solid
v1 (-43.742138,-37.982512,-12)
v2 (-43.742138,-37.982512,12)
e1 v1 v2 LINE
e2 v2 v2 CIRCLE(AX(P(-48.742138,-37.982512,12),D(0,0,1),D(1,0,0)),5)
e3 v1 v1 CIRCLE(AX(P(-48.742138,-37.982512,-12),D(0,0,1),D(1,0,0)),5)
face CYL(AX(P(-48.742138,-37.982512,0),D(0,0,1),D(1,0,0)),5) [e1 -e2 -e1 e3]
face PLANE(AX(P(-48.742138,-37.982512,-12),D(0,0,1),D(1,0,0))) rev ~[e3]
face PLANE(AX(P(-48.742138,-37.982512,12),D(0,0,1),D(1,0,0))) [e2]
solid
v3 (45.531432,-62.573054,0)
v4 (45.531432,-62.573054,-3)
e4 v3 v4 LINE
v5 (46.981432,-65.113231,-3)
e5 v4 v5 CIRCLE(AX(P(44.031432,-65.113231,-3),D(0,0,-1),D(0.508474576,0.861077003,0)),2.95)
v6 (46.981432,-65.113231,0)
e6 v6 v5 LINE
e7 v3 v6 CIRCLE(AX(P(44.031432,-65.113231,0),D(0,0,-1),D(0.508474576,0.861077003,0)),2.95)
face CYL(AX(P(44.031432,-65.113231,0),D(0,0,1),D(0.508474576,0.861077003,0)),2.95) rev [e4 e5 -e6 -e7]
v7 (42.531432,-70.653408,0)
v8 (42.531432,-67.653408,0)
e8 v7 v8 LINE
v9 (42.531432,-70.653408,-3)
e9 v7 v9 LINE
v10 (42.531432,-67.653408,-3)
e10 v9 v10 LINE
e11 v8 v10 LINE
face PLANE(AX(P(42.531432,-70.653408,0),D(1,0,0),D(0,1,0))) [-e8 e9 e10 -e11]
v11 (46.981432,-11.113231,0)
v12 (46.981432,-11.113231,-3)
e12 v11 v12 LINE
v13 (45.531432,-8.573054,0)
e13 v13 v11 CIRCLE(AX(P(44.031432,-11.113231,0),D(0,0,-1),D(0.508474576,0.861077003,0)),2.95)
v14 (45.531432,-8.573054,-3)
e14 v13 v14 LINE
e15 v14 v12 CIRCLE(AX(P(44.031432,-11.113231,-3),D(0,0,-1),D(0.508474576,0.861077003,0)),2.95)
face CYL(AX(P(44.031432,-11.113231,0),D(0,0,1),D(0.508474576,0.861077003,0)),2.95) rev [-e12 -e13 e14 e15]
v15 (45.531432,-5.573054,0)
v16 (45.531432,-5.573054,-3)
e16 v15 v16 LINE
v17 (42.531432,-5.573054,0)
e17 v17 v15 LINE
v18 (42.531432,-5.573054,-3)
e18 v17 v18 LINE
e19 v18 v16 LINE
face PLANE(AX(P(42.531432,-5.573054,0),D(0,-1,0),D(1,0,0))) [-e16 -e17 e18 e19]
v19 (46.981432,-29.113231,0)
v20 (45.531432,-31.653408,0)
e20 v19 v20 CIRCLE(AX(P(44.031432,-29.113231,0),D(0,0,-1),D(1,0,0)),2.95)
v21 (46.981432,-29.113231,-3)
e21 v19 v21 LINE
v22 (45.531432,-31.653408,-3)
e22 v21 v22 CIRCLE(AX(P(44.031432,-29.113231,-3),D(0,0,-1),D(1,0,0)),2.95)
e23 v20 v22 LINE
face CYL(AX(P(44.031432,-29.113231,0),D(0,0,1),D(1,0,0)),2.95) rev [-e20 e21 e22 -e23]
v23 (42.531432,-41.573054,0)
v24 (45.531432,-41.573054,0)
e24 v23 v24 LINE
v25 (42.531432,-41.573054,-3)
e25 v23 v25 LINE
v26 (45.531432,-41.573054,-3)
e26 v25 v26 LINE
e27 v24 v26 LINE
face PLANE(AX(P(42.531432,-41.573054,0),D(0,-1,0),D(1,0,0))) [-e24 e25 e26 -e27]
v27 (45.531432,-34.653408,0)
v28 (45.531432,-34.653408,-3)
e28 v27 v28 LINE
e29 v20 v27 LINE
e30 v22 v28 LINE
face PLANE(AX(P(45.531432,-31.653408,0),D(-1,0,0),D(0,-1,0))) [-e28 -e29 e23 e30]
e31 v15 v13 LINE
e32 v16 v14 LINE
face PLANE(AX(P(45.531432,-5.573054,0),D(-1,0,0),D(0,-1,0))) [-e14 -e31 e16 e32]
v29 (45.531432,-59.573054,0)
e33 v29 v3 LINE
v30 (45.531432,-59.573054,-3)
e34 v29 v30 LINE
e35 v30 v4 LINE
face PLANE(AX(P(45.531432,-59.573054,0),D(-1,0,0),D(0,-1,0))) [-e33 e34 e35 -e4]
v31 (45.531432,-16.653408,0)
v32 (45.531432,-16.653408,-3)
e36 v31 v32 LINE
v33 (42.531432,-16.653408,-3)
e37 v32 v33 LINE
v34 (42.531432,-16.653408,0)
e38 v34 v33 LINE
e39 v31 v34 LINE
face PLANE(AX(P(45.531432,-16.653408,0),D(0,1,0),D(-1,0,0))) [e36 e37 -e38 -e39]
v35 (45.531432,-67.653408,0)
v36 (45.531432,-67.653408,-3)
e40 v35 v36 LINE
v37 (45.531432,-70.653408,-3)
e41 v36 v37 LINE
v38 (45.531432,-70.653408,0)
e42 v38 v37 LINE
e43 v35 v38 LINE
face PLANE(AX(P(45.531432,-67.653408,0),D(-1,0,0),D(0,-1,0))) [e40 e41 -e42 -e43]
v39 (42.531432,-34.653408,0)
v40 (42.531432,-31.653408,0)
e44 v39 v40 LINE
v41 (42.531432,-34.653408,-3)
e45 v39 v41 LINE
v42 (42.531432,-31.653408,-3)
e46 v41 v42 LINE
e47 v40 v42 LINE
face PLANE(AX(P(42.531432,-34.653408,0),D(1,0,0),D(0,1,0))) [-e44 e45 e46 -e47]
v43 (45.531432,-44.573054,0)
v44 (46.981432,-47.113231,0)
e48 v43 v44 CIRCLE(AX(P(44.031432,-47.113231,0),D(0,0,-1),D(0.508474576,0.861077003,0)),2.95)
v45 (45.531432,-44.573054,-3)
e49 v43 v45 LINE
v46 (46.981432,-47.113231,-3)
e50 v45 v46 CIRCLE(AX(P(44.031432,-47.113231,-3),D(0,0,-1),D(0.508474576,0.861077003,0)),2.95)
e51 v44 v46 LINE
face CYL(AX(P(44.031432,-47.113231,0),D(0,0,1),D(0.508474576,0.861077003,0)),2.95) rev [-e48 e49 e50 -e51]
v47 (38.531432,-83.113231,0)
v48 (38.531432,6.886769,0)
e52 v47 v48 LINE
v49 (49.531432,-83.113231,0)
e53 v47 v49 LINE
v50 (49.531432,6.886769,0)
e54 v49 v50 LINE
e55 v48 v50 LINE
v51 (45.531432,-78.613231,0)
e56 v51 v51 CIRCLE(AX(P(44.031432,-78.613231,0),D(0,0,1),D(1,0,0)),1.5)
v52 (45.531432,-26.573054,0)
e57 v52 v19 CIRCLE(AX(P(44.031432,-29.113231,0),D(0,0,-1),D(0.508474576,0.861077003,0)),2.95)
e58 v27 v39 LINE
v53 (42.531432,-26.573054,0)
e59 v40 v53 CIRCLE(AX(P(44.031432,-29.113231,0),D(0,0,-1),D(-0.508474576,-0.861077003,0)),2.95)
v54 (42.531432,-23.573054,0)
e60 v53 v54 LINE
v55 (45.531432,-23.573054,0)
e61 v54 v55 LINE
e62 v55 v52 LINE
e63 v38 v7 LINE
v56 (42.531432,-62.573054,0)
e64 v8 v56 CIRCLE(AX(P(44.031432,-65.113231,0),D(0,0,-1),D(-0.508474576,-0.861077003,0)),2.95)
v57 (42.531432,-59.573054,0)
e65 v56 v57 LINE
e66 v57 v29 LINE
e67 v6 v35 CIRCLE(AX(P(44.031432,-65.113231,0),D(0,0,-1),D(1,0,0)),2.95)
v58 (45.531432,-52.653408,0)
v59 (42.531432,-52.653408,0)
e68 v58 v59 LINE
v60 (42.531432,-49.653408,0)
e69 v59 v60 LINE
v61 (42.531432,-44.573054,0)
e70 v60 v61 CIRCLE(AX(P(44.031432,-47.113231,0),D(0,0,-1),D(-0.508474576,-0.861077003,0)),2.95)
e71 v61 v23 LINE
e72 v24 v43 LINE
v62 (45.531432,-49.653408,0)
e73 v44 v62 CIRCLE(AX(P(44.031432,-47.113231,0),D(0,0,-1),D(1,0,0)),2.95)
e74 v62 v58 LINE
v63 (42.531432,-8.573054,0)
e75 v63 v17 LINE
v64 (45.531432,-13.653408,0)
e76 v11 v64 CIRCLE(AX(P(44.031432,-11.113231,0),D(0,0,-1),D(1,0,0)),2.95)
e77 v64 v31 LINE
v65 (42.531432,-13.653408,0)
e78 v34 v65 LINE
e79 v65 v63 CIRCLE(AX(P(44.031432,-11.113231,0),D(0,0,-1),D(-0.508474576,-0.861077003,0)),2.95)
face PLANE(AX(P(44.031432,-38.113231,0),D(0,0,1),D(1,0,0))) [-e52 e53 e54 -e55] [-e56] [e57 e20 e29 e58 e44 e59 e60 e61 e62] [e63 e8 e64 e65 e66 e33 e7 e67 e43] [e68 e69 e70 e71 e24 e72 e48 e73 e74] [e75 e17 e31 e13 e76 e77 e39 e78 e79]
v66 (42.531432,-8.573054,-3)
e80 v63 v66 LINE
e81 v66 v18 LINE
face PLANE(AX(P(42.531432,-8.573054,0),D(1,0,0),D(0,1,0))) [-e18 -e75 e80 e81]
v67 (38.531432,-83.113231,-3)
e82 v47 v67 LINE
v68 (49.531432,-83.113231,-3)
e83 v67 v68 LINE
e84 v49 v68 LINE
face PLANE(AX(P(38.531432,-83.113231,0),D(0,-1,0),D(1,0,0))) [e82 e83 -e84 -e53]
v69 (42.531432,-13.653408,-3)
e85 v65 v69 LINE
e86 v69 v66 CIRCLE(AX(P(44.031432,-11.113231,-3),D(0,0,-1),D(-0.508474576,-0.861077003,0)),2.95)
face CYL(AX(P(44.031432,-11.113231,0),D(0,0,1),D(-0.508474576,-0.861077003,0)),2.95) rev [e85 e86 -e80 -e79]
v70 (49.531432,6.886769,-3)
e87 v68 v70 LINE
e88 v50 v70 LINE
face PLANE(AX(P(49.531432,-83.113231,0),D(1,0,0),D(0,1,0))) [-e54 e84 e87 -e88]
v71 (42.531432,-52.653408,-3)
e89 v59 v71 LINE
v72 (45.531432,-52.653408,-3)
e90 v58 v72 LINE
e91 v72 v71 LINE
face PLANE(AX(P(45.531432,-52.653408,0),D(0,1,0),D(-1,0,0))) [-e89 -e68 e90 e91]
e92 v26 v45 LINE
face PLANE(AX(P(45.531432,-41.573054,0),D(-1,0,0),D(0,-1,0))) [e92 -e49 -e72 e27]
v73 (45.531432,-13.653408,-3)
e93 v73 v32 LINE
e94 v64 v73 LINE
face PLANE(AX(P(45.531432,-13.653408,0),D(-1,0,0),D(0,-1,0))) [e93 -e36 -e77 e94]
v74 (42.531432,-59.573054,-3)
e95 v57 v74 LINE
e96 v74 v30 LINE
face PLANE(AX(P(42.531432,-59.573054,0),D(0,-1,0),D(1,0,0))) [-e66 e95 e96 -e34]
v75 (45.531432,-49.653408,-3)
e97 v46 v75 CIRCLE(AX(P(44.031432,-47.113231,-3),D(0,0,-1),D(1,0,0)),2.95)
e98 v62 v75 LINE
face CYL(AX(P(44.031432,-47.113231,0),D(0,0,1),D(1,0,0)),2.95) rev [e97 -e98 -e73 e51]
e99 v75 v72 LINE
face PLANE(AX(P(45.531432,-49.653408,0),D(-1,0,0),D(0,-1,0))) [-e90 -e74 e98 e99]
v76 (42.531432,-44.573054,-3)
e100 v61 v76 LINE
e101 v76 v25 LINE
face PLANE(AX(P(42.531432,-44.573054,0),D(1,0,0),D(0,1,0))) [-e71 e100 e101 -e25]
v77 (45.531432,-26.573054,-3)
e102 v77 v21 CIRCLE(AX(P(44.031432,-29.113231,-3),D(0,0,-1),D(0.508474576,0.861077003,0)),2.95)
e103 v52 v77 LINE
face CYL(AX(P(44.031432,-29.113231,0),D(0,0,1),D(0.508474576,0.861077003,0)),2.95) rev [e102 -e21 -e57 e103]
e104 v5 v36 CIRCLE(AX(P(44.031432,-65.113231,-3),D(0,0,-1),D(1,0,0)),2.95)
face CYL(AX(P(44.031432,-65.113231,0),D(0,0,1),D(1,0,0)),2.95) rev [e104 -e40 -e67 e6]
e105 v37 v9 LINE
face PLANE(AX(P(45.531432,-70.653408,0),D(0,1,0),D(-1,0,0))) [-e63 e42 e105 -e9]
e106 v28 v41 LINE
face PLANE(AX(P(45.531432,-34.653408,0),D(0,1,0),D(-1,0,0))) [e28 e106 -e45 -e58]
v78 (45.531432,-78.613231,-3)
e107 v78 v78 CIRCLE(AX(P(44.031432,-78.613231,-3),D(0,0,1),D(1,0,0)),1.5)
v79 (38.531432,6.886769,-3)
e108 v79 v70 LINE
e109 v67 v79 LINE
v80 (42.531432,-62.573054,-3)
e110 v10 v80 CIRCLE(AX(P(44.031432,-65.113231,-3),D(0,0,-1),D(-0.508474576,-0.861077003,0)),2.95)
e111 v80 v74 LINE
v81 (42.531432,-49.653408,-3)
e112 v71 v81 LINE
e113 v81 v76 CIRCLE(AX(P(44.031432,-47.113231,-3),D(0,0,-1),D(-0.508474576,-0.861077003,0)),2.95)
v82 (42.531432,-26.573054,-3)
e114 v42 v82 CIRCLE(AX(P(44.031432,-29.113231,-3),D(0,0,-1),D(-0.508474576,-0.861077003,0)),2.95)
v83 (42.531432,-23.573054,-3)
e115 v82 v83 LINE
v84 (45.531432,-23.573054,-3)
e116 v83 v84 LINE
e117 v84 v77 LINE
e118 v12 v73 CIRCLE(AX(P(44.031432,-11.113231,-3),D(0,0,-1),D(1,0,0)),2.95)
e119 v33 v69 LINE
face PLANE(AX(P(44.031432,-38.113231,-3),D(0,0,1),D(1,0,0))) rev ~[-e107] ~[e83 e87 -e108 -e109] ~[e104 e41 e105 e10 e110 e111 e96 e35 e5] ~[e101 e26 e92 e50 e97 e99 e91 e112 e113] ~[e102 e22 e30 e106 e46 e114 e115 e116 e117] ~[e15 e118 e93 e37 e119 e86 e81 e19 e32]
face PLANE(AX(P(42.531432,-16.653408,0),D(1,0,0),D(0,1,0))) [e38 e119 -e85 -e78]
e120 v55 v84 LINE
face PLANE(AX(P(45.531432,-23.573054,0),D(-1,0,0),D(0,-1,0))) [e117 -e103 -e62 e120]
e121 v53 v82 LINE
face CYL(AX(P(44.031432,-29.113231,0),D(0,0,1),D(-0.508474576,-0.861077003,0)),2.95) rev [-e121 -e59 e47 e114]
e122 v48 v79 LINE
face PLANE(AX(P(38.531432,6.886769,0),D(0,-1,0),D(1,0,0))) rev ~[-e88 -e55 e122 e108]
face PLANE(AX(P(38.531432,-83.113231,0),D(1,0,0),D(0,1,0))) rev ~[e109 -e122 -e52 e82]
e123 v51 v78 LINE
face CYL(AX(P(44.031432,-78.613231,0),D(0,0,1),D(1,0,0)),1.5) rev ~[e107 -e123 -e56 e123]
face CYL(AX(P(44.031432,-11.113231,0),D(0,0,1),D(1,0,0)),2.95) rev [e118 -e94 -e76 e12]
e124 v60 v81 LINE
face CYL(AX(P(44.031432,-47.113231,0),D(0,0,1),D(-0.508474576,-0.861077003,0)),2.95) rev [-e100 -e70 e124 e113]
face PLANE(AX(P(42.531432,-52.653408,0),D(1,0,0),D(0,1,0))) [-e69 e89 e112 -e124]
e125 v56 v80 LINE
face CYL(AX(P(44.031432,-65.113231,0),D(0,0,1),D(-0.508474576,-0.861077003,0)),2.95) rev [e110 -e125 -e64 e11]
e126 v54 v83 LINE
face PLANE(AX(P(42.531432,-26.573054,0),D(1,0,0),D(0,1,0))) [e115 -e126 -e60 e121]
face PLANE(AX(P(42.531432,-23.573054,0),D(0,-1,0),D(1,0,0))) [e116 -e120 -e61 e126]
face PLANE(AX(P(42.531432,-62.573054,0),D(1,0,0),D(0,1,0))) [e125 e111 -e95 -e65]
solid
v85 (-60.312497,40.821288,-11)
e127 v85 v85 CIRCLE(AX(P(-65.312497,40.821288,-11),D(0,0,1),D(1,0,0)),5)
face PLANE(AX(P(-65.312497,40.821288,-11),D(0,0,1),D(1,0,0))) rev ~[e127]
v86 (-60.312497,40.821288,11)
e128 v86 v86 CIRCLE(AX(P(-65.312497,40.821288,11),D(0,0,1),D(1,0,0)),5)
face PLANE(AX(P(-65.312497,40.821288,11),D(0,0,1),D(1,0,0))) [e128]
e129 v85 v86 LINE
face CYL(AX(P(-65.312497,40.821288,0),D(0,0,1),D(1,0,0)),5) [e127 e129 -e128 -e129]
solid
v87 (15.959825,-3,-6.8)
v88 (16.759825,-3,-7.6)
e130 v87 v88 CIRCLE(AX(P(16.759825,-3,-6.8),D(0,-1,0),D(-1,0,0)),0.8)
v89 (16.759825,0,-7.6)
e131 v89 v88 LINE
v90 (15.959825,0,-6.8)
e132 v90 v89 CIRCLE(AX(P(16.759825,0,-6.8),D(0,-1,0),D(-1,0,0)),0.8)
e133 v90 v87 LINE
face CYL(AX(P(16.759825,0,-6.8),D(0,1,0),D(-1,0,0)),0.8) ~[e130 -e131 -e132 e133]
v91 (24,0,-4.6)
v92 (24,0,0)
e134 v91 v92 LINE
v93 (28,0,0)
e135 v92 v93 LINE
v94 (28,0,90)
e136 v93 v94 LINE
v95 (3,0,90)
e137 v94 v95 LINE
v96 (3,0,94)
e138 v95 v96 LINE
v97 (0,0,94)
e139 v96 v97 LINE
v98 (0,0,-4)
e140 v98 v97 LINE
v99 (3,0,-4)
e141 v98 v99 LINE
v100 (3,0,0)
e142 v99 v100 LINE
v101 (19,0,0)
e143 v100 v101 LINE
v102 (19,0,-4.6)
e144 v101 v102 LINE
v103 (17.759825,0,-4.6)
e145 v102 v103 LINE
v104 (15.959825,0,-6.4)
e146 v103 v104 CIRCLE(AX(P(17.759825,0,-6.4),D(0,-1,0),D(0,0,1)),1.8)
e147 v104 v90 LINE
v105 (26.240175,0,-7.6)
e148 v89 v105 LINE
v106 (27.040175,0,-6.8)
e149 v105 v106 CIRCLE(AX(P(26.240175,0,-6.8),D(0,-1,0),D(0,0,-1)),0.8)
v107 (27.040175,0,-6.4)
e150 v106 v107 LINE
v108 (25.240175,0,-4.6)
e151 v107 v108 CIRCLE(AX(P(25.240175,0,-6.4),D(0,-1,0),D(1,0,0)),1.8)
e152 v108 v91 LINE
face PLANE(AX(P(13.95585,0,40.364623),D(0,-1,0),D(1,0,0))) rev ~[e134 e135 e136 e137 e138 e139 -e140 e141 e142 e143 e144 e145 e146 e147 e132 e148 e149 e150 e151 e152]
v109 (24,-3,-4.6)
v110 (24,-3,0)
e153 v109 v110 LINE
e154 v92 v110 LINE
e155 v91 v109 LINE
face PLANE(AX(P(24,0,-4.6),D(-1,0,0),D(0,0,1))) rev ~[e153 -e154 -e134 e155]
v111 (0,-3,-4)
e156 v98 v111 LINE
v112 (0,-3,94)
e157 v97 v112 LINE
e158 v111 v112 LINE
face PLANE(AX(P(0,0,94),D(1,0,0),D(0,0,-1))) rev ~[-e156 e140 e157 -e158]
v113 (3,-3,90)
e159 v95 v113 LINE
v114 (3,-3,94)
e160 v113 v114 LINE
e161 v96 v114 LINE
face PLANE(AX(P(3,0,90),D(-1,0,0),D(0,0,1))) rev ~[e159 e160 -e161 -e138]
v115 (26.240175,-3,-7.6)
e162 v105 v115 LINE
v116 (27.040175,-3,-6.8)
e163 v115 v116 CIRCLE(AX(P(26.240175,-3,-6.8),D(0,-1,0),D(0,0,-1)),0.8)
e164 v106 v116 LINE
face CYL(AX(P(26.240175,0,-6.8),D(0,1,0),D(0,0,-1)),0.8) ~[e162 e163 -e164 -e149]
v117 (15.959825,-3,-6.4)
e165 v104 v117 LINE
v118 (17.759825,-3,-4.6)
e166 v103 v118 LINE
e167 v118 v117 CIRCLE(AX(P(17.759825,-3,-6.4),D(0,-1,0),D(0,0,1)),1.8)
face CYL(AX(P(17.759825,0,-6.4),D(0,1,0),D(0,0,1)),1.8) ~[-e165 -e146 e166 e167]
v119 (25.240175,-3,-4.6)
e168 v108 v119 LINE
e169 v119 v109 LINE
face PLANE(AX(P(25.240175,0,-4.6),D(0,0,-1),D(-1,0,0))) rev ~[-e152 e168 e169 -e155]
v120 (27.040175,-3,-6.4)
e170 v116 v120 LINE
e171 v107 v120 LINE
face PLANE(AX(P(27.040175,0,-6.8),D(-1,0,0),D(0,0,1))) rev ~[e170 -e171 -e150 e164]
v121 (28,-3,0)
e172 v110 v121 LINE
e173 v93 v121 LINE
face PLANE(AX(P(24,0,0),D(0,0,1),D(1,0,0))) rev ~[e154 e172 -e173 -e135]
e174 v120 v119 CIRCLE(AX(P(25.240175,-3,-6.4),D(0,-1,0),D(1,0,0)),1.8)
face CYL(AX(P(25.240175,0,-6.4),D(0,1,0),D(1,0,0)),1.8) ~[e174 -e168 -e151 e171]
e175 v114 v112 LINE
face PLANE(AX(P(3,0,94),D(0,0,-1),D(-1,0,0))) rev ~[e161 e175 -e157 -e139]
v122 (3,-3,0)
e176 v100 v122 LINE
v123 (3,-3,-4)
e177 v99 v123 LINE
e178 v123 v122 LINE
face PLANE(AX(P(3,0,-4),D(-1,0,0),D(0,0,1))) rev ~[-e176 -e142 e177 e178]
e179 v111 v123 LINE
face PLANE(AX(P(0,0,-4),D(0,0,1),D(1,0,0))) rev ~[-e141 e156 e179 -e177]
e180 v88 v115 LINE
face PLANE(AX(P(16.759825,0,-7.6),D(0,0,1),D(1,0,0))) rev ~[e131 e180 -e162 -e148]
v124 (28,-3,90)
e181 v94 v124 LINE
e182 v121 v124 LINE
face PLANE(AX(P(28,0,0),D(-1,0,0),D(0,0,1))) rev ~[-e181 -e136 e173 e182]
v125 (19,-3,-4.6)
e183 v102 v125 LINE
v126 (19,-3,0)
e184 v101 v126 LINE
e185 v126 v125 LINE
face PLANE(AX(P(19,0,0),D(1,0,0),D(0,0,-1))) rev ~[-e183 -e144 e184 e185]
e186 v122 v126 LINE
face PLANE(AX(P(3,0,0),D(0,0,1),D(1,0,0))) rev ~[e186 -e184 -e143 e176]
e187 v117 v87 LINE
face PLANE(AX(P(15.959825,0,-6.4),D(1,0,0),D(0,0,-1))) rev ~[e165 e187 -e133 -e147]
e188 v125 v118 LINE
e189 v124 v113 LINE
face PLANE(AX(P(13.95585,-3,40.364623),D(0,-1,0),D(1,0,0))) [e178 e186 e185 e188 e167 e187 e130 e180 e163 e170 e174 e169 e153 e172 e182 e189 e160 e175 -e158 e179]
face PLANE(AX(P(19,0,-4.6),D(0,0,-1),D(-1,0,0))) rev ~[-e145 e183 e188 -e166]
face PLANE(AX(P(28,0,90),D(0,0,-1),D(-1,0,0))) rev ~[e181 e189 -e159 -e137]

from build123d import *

# Parameters (mm, degrees)
F2_DEPTH = 3
F1_W     = 11
F1_H     = 90
F1_R     = 1.5
F3_DEPTH = 3
F4_R     = 5
F5_DEPTH = 11
F6_R     = 5
F7_DEPTH = 12
F8_W     = 3
F8_H     = 4
F9_DEPTH = 3


with BuildPart() as f2:
    # F0 (on Front) → F2 (new body)
    with BuildSketch(Plane.XZ):
        with BuildLine():
            Line((0, 90), (0, 0))
            Line((0, 0), (0, -4))
            Line((0, -4), (3, -4))
            Line((3, -4), (3, 0))
            Line((3, 0), (19, 0))
            Line((19, 0), (19, -4.6))
            Line((19, -4.6), (17.759825, -4.6))
            ThreePointArc((17.759825, -4.6), (16.4870327939, -5.1272077939), (15.959825, -6.4))
            Line((15.959825, -6.4), (15.959825, -6.8))
            ThreePointArc((15.959825, -6.8), (16.1941395751, -7.3656854249), (16.759825, -7.6))
            Line((16.759825, -7.6), (26.240175, -7.6))
            ThreePointArc((26.240175, -7.6), (26.8058604249, -7.3656854249), (27.040175, -6.8))
            Line((27.040175, -6.8), (27.040175, -6.4))
            ThreePointArc((27.040175, -6.4), (26.5129672061, -5.1272077939), (25.240175, -4.6))
            Line((25.240175, -4.6), (24, -4.6))
            Line((24, -4.6), (24, 0))
            Line((24, 0), (28, 0))
            Line((28, 0), (28, 90))
            Line((28, 90), (7, 90))
            Line((7, 90), (3, 90))
            Line((3, 90), (3, 94))
            Line((3, 94), (0, 94))
            Line((0, 94), (0, 90))
        make_face()
    extrude(amount=F2_DEPTH)

    # F8 (on face) → F9 (join, through all)
    with BuildSketch(Plane(origin=(0, 0, 0), x_dir=(0, -1, 0), z_dir=(-1, 0, 0))):
        with Locations((1.5, -2)):
            Rectangle(F8_W, F8_H)
        with Locations((1.5, 92)):
            Rectangle(F8_W, F8_H)
    extrude(amount=-F9_DEPTH)


with BuildPart() as f3:
    # F1 (on Top) → F3 (new body)
    with BuildSketch(Plane.XY):
        with Locations((44.0314322607, -38.1132309322)):
            Rectangle(F1_W, F1_H)
        with Locations((44.0314322607, -78.6132309322)):
            Circle(F1_R, mode=Mode.SUBTRACT)
        with BuildLine():
            ThreePointArc((45.5314322607, -62.5730537731), (46.5934139156, -63.650784352), (46.9814322607, -65.1132309322))
            ThreePointArc((46.9814322607, -65.1132309322), (46.5934139156, -66.5756775125), (45.5314322607, -67.6534080914))
            Line((45.5314322607, -67.6534080914), (45.5314322607, -70.6534080914))
            Line((45.5314322607, -70.6534080914), (42.5314322607, -70.6534080914))
            Line((42.5314322607, -70.6534080914), (42.5314322607, -67.6534080914))
            ThreePointArc((42.5314322607, -67.6534080914), (41.0814322607, -65.1132309322), (42.5314322607, -62.5730537731))
            Line((42.5314322607, -62.5730537731), (42.5314322607, -59.5730537731))
            Line((42.5314322607, -59.5730537731), (45.5314322607, -59.5730537731))
            Line((45.5314322607, -59.5730537731), (45.5314322607, -62.5730537731))
        make_face(mode=Mode.SUBTRACT)
        with BuildLine():
            ThreePointArc((45.5314322607, -44.5730537731), (46.5934139156, -45.650784352), (46.9814322607, -47.1132309322))
            ThreePointArc((46.9814322607, -47.1132309322), (46.5934139156, -48.5756775125), (45.5314322607, -49.6534080914))
            Line((45.5314322607, -49.6534080914), (45.5314322607, -52.6534080914))
            Line((45.5314322607, -52.6534080914), (42.5314322607, -52.6534080914))
            Line((42.5314322607, -52.6534080914), (42.5314322607, -49.6534080914))
            ThreePointArc((42.5314322607, -49.6534080914), (41.0814322607, -47.1132309322), (42.5314322607, -44.5730537731))
            Line((42.5314322607, -44.5730537731), (42.5314322607, -41.5730537731))
            Line((42.5314322607, -41.5730537731), (45.5314322607, -41.5730537731))
            Line((45.5314322607, -41.5730537731), (45.5314322607, -44.5730537731))
        make_face(mode=Mode.SUBTRACT)
        with BuildLine():
            ThreePointArc((45.5314322607, -26.5730537731), (46.5934139156, -27.650784352), (46.9814322607, -29.1132309322))
            ThreePointArc((46.9814322607, -29.1132309322), (46.5934139156, -30.5756775125), (45.5314322607, -31.6534080914))
            Line((45.5314322607, -31.6534080914), (45.5314322607, -34.6534080914))
            Line((45.5314322607, -34.6534080914), (42.5314322607, -34.6534080914))
            Line((42.5314322607, -34.6534080914), (42.5314322607, -31.6534080914))
            ThreePointArc((42.5314322607, -31.6534080914), (41.0814322607, -29.1132309322), (42.5314322607, -26.5730537731))
            Line((42.5314322607, -26.5730537731), (42.5314322607, -23.5730537731))
            Line((42.5314322607, -23.5730537731), (45.5314322607, -23.5730537731))
            Line((45.5314322607, -23.5730537731), (45.5314322607, -26.5730537731))
        make_face(mode=Mode.SUBTRACT)
        with BuildLine():
            ThreePointArc((45.5314322607, -8.5730537731), (46.5934139156, -9.650784352), (46.9814322607, -11.1132309322))
            ThreePointArc((46.9814322607, -11.1132309322), (46.5934139156, -12.5756775125), (45.5314322607, -13.6534080914))
            Line((45.5314322607, -13.6534080914), (45.5314322607, -16.6534080914))
            Line((45.5314322607, -16.6534080914), (42.5314322607, -16.6534080914))
            Line((42.5314322607, -16.6534080914), (42.5314322607, -13.6534080914))
            ThreePointArc((42.5314322607, -13.6534080914), (41.0814322607, -11.1132309322), (42.5314322607, -8.5730537731))
            Line((42.5314322607, -8.5730537731), (42.5314322607, -5.5730537731))
            Line((42.5314322607, -5.5730537731), (45.5314322607, -5.5730537731))
            Line((45.5314322607, -5.5730537731), (45.5314322607, -8.5730537731))
        make_face(mode=Mode.SUBTRACT)
    extrude(amount=-F3_DEPTH)


with BuildPart() as f5:
    # F4 (on Top) → F5 (new body, symmetric)
    with BuildSketch(Plane.XY):
        with Locations((-65.3124973178, 40.821287781)):
            Circle(F4_R)
    extrude(amount=F5_DEPTH, both=True)


with BuildPart() as f7:
    # F6 (on Top) → F7 (new body, symmetric)
    with BuildSketch(Plane.XY):
        with Locations((-48.7421378493, -37.9825122654)):
            Circle(F6_R)
    extrude(amount=F7_DEPTH, both=True)


solid = Compound([f2.part, f3.part, f5.part, f7.part])
